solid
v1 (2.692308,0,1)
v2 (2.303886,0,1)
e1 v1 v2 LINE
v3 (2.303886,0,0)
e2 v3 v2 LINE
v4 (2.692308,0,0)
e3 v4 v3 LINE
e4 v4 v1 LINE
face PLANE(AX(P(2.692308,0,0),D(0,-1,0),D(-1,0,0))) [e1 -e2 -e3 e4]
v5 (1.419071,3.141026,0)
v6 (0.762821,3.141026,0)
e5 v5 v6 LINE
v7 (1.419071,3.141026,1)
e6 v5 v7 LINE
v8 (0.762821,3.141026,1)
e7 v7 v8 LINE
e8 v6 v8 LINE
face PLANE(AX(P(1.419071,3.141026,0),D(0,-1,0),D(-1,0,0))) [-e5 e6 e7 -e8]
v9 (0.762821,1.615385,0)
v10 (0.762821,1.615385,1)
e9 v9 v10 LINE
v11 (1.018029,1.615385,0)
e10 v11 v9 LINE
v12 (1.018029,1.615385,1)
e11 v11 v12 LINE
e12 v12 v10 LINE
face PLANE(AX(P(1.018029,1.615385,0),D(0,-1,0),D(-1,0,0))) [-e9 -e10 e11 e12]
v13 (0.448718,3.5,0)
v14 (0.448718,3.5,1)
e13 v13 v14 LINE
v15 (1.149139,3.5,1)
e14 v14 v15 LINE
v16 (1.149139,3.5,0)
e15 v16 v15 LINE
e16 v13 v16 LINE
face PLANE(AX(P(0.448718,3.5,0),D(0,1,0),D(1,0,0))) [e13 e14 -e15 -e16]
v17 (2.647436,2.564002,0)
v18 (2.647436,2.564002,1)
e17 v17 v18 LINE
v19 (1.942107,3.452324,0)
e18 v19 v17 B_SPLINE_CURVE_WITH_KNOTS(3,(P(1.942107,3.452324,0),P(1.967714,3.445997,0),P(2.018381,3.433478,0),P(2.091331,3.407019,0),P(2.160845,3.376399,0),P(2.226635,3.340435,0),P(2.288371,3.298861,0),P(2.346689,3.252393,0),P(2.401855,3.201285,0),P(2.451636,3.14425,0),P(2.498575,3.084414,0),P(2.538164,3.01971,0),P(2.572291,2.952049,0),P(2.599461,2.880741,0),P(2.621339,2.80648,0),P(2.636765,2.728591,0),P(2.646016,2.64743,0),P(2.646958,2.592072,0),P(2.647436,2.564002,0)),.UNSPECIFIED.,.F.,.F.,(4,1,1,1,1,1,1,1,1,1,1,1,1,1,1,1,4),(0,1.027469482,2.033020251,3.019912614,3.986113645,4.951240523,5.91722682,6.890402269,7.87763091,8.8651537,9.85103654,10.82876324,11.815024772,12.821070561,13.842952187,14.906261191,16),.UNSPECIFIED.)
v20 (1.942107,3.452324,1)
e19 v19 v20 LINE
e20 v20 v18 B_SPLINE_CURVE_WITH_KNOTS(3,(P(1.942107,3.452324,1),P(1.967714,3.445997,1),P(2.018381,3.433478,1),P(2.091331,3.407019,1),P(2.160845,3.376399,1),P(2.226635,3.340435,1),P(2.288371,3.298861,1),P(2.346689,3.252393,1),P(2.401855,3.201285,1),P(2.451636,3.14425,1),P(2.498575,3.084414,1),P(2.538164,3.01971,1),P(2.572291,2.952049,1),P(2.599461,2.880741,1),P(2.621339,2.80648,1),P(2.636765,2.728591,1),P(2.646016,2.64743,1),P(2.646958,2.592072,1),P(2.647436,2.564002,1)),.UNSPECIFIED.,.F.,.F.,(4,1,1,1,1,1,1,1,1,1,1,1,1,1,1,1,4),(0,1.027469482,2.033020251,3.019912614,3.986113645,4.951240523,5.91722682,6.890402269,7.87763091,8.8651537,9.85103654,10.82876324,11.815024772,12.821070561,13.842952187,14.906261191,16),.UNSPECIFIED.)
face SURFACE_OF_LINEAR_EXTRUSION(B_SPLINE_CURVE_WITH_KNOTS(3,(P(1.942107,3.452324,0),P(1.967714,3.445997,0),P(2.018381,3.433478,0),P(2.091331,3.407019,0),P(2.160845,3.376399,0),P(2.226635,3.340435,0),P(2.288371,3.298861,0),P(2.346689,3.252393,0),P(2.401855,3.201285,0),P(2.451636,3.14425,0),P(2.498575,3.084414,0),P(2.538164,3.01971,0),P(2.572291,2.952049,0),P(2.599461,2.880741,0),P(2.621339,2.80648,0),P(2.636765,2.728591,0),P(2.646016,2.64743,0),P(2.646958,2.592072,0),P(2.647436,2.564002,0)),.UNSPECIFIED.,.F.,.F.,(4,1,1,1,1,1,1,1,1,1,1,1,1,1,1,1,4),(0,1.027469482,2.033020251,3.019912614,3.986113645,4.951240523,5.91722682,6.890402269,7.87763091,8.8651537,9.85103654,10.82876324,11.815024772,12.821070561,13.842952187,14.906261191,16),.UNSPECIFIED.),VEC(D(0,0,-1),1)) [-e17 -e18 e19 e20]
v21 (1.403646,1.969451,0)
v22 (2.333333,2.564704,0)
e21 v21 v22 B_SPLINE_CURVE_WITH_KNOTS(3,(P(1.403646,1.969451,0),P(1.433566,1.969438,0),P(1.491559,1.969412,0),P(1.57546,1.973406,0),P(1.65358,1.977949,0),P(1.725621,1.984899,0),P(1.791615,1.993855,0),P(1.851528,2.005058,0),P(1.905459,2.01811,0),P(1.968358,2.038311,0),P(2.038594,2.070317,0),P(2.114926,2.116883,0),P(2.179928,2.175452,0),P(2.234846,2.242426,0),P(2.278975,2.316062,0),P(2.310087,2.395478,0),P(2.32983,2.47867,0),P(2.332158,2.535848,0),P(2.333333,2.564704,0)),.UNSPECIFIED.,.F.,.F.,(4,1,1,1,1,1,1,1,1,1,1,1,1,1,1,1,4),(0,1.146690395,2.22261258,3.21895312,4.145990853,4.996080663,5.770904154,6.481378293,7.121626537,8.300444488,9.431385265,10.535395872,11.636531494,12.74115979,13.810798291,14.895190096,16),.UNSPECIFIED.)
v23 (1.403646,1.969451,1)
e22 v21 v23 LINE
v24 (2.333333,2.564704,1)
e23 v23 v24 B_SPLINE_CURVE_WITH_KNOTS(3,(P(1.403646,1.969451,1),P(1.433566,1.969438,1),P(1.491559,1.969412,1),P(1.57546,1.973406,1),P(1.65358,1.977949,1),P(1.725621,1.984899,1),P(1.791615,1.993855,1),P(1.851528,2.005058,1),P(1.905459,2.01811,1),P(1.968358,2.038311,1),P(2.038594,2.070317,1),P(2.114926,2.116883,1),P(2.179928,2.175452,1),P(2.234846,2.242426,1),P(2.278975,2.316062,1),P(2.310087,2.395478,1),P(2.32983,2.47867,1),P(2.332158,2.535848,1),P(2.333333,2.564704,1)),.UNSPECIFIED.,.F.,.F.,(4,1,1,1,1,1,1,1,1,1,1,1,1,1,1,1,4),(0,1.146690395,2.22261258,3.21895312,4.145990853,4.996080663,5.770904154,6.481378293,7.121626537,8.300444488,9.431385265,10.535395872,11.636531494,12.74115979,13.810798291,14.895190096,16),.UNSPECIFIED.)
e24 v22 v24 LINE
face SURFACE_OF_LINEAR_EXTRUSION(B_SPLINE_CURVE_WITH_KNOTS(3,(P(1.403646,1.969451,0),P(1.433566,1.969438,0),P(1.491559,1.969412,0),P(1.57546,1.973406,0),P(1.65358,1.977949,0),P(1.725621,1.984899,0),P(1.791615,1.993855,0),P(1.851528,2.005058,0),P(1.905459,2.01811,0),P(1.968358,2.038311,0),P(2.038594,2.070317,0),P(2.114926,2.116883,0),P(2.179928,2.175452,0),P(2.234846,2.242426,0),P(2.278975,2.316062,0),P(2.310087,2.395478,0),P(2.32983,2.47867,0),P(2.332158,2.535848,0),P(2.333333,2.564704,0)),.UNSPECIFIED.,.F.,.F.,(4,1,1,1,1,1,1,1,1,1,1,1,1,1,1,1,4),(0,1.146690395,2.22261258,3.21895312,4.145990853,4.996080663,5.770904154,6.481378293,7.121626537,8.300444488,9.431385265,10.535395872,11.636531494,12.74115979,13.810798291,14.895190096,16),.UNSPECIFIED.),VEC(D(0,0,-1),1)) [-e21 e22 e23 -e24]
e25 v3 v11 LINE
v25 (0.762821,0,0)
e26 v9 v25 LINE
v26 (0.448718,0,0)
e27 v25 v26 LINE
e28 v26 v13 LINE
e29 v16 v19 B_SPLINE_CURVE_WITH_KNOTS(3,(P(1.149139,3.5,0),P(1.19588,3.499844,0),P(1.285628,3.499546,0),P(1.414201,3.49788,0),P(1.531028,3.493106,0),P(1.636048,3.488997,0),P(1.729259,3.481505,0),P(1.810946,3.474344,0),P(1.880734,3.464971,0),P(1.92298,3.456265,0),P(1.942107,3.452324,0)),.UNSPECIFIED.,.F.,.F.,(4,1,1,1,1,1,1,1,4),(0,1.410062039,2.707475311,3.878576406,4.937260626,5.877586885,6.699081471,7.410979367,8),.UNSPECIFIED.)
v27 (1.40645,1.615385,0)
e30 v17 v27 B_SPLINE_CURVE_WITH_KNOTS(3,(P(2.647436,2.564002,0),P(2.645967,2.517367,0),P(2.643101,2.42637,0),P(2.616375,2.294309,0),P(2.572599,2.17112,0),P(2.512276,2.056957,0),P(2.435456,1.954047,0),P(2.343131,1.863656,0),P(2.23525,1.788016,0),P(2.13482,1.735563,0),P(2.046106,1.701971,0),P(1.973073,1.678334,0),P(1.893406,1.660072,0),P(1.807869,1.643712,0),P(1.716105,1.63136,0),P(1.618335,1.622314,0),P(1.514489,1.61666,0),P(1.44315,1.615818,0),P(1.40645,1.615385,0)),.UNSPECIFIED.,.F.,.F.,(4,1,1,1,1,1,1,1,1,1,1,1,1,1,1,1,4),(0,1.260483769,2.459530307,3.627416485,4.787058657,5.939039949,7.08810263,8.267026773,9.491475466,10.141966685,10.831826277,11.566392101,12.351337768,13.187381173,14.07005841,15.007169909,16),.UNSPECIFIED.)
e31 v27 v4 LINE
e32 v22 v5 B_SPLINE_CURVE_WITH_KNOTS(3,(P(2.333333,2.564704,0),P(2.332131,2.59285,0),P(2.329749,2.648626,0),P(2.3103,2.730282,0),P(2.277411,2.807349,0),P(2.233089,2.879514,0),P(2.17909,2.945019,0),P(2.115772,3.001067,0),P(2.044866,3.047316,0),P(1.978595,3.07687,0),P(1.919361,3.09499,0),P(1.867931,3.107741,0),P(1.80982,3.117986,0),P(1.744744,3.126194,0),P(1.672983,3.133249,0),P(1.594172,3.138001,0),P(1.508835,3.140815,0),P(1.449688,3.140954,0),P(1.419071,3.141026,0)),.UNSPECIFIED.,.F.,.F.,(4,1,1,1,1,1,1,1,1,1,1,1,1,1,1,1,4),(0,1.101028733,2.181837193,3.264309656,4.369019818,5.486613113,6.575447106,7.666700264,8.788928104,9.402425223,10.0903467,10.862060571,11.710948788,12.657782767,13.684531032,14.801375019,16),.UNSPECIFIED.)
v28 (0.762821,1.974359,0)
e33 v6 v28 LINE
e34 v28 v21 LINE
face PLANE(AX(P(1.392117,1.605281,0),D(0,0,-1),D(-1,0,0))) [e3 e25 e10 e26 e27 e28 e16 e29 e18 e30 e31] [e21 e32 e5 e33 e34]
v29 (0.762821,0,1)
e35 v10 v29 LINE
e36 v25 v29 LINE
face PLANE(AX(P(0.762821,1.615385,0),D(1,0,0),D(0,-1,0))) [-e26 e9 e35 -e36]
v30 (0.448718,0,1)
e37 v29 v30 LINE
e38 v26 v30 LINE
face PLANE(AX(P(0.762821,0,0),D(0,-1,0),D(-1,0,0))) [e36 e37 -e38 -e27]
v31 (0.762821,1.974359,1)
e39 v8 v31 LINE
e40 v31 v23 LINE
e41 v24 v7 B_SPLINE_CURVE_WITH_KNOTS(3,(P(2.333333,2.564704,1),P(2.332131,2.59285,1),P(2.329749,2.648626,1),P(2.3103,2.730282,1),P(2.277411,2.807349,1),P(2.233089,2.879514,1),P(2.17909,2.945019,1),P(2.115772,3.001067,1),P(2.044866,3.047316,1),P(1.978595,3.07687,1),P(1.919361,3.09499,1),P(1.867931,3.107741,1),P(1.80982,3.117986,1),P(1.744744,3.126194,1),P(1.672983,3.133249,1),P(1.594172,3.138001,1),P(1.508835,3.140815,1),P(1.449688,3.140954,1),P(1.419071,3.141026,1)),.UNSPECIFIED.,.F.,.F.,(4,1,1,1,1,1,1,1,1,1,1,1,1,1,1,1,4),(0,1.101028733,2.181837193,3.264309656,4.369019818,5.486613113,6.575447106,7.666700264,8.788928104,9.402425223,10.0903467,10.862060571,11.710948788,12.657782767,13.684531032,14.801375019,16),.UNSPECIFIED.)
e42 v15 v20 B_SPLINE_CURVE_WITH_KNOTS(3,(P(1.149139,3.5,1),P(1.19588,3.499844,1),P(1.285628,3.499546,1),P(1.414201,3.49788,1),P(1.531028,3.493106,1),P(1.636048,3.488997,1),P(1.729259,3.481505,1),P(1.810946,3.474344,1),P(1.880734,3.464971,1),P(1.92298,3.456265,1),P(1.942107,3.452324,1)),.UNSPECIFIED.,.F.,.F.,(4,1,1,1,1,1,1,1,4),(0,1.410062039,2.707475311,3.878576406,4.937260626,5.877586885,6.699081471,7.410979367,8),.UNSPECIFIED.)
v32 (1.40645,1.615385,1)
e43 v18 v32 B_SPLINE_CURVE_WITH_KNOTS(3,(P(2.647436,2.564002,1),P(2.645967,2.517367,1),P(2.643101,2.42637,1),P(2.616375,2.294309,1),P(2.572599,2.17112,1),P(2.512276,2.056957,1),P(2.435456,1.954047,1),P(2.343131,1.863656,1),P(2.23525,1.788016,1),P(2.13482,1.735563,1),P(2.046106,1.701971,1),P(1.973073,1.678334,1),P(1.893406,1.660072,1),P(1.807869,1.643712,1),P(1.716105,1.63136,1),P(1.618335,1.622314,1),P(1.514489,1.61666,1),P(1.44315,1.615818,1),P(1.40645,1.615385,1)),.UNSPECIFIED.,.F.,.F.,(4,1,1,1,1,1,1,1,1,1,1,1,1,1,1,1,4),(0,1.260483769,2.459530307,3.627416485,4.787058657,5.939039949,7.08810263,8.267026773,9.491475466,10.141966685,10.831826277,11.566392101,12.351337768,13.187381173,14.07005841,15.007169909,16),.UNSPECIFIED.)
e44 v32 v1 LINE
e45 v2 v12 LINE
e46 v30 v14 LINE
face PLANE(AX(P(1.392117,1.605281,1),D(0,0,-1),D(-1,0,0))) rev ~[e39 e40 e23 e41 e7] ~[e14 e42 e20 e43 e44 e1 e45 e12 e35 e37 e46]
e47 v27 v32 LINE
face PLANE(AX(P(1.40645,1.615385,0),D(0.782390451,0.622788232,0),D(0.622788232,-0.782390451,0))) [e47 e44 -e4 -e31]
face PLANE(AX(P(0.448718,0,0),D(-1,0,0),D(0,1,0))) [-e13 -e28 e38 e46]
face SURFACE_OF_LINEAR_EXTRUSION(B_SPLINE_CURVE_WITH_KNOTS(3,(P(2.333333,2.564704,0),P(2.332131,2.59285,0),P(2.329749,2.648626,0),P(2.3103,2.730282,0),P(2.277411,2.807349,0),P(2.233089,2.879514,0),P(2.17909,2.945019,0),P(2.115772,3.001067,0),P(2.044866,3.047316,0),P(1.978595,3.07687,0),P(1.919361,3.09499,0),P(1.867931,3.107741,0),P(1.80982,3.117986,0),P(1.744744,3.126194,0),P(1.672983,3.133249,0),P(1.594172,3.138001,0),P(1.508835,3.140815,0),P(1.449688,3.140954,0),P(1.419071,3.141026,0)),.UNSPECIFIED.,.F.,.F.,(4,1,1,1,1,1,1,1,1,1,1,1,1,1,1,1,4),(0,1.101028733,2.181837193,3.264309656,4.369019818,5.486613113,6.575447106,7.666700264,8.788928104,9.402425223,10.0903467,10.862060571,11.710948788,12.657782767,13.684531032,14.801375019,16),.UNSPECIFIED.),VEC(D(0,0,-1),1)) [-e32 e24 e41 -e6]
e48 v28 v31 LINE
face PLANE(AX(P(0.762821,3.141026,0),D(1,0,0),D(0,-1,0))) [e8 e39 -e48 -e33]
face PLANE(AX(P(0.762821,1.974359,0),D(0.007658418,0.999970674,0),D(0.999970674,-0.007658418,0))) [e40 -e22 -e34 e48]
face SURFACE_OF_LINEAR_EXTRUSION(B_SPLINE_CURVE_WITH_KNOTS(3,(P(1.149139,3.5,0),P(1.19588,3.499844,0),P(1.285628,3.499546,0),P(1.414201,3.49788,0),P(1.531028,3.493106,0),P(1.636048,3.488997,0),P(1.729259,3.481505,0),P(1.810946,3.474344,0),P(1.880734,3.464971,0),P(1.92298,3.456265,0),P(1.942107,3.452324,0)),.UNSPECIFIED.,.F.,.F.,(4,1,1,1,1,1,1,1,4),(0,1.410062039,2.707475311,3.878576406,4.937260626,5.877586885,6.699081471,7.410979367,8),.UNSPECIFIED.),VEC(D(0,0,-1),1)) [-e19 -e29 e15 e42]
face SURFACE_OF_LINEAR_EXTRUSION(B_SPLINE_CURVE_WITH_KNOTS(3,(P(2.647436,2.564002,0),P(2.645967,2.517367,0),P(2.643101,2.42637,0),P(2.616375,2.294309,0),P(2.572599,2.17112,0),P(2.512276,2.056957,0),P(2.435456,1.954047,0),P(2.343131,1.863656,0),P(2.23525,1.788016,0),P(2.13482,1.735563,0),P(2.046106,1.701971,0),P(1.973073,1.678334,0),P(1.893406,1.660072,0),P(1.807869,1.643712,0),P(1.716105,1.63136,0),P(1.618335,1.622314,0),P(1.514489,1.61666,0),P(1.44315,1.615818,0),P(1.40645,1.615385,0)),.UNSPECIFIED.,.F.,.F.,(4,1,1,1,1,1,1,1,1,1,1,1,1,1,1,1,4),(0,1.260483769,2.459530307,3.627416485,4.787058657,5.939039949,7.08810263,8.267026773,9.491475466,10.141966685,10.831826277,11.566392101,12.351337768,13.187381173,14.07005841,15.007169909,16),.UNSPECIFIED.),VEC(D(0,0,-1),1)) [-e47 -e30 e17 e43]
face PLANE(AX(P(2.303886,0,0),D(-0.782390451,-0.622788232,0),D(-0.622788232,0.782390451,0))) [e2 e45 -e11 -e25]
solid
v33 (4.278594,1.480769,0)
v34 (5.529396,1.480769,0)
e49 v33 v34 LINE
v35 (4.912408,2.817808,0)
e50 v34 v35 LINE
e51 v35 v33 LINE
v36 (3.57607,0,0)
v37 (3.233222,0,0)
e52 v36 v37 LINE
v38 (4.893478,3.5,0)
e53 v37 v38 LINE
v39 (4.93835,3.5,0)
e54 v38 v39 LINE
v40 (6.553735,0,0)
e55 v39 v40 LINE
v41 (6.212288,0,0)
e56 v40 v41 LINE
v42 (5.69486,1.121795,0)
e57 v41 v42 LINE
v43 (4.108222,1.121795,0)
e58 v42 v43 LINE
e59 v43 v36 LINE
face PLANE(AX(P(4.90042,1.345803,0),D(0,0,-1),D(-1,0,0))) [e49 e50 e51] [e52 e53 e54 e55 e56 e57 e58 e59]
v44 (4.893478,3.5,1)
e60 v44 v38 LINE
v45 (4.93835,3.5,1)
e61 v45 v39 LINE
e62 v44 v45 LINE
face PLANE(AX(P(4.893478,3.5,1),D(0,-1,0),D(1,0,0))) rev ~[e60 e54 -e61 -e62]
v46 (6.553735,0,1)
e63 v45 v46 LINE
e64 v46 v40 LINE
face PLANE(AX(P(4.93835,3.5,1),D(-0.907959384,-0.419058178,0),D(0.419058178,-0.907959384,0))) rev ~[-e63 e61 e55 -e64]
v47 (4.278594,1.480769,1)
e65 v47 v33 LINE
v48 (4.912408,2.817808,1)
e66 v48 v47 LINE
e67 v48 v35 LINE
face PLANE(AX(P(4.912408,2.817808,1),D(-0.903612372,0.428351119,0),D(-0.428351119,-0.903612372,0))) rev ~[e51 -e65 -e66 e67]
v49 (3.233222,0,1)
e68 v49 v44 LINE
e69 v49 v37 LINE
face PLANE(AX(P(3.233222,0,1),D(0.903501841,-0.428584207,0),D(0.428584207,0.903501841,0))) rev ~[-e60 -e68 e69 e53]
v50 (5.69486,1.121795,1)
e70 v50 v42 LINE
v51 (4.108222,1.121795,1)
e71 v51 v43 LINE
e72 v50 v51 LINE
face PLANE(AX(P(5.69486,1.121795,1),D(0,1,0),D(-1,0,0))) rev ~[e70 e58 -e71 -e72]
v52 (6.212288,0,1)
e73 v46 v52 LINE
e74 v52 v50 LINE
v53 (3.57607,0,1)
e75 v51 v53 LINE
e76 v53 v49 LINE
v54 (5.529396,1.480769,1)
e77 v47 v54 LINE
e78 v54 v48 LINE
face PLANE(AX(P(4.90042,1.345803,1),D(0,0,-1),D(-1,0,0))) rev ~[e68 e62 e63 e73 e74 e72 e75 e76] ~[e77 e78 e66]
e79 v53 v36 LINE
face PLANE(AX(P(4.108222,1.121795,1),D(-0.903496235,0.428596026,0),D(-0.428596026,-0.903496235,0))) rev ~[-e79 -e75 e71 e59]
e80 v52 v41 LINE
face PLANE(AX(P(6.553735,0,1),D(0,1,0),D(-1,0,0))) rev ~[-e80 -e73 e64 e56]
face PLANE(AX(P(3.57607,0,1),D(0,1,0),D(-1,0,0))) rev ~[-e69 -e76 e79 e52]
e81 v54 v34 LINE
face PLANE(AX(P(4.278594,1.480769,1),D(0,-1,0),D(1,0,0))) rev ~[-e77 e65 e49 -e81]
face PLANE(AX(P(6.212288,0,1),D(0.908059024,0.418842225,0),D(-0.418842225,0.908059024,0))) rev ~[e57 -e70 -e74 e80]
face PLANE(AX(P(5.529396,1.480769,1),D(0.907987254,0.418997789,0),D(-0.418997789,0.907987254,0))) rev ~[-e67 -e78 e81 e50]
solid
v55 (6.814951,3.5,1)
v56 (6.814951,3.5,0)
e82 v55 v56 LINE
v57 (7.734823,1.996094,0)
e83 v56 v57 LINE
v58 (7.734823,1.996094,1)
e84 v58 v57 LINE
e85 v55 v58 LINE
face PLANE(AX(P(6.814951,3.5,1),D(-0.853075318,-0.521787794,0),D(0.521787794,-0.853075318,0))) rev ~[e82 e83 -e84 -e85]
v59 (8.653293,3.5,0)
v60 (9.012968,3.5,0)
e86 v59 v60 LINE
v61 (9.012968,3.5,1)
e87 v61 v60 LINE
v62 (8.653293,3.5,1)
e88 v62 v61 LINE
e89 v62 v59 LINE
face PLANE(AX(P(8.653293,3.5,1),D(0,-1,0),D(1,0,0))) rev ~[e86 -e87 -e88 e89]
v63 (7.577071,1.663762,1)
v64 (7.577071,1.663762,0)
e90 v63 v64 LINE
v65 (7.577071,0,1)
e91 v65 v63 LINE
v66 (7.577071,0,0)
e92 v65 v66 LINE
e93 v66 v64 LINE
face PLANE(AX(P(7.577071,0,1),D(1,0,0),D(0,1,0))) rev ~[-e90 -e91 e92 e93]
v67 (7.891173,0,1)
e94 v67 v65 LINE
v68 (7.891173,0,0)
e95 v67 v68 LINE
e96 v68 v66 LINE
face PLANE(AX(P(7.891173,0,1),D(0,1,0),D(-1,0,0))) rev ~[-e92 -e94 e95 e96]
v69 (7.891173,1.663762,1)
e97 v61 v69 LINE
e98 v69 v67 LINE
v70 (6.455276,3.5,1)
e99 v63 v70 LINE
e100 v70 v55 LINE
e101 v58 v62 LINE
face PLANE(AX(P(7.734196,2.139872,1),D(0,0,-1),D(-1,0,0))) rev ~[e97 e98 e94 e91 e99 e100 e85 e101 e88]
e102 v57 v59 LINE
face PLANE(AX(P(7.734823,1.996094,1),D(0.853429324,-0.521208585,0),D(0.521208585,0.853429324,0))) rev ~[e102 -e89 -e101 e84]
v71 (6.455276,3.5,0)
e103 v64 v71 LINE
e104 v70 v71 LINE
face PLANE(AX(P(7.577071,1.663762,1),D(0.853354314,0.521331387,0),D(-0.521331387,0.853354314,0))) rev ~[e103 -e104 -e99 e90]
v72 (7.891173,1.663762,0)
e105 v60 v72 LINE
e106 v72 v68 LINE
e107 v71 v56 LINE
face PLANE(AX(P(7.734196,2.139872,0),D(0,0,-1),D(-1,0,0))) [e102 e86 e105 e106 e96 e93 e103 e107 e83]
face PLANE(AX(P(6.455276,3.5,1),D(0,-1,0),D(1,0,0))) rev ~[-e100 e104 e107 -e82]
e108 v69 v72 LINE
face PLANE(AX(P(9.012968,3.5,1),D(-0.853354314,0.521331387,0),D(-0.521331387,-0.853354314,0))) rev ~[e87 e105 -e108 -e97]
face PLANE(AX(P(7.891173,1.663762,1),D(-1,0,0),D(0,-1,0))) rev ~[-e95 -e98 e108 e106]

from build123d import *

# Parameters (mm, degrees)
BOSS_EXTRUDE1_DEPTH   = 1
BOSS_EXTRUDE2_DEPTH   = 1
BOSS_EXTRUDE2_2_DEPTH = 1


with BuildPart() as part:
    # Sketch1 → Boss-Extrude1 (new body)
    with BuildSketch(Plane.XY):
        with BuildLine():
            Line((0.448717949, 3.5), (1.149138622, 3.5))
            add(Edge.make_bspline(
                [(1.149138622, 3.5), (1.19587975, 3.499844414), (1.285627895, 3.499545672), (1.414201165, 3.497879909), (1.531028262, 3.493105553), (1.636048101, 3.48899697), (1.729258756, 3.481505028), (1.810946047, 3.474344381), (1.880733745, 3.46497072), (1.922979596, 3.456265297), (1.942107372, 3.452323718)],
                knots=[0, 0, 0, 0, 1.410062039, 2.707475311, 3.878576406, 4.937260626, 5.877586885, 6.699081471, 7.410979367, 8, 8, 8, 8], degree=3))
            add(Edge.make_bspline(
                [(1.942107372, 3.452323718), (1.967713996, 3.445996953), (2.018380985, 3.433478389), (2.091331051, 3.407018788), (2.160845375, 3.376399163), (2.2266352, 3.340435443), (2.288370991, 3.298860663), (2.346689302, 3.252392541), (2.401854765, 3.201285335), (2.451636395, 3.144250494), (2.498575447, 3.084413984), (2.538164073, 3.019710227), (2.572290553, 2.9520487), (2.59946107, 2.880741282), (2.621339044, 2.80647951), (2.636765283, 2.728590713), (2.646016471, 2.647429738), (2.646958326, 2.59207183), (2.647435897, 2.564002404)],
                knots=[0, 0, 0, 0, 1.027469482, 2.033020251, 3.019912614, 3.986113645, 4.951240523, 5.91722682, 6.890402269, 7.87763091, 8.8651537, 9.85103654, 10.82876324, 11.815024772, 12.821070561, 13.842952187, 14.906261191, 16, 16, 16, 16], degree=3))
            add(Edge.make_bspline(
                [(2.647435897, 2.564002404), (2.645966899, 2.517367299), (2.643100504, 2.426370131), (2.6163754, 2.29430925), (2.57259888, 2.171119935), (2.512275591, 2.056957297), (2.435456115, 1.954046652), (2.343131324, 1.863656197), (2.235249713, 1.788016284), (2.134820397, 1.735563479), (2.046106197, 1.701970571), (1.973072884, 1.678334212), (1.893405907, 1.660072247), (1.807868572, 1.643712115), (1.716104917, 1.63136042), (1.618334877, 1.622313826), (1.514488726, 1.616659777), (1.443149656, 1.615817772), (1.406450321, 1.615384615)],
                knots=[0, 0, 0, 0, 1.260483769, 2.459530307, 3.627416485, 4.787058657, 5.939039949, 7.08810263, 8.267026773, 9.491475466, 10.141966685, 10.831826277, 11.566392101, 12.351337768, 13.187381173, 14.07005841, 15.007169909, 16, 16, 16, 16], degree=3))
            Line((1.406450321, 1.615384615), (2.692307692, 0))
            Line((2.692307692, 0), (2.303886218, 0))
            Line((2.303886218, 0), (1.018028846, 1.615384615))
            Line((1.018028846, 1.615384615), (0.762820513, 1.615384615))
            Line((0.762820513, 1.615384615), (0.762820513, 0))
            Line((0.762820513, 0), (0.448717949, 0))
            Line((0.448717949, 0), (0.448717949, 3.5))
        make_face()
        with BuildLine():
            Line((0.762820513, 3.141025641), (0.762820513, 1.974358974))
            Line((0.762820513, 1.974358974), (1.403645833, 1.969451122))
            add(Edge.make_bspline(
                [(1.403645833, 1.969451122), (1.433565872, 1.969437885), (1.491559429, 1.969412229), (1.575460094, 1.973406005), (1.653580206, 1.977949323), (1.725620958, 1.984898669), (1.791614533, 1.99385474), (1.851527947, 2.005057725), (1.905458998, 2.018109787), (1.968357537, 2.038311413), (2.038594068, 2.070317431), (2.114925528, 2.11688293), (2.179927866, 2.175452049), (2.234845728, 2.242425505), (2.27897516, 2.316061754), (2.310087214, 2.395478123), (2.329829656, 2.478669721), (2.332158202, 2.535847829), (2.333333333, 2.564703526)],
                knots=[0, 0, 0, 0, 1.146690395, 2.22261258, 3.21895312, 4.145990853, 4.996080663, 5.770904154, 6.481378293, 7.121626537, 8.300444488, 9.431385265, 10.535395872, 11.636531494, 12.74115979, 13.810798291, 14.895190096, 16, 16, 16, 16], degree=3))
            add(Edge.make_bspline(
                [(2.333333333, 2.564703526), (2.332131212, 2.592850099), (2.329749047, 2.648626338), (2.310300278, 2.730282248), (2.277410897, 2.807349198), (2.233088659, 2.879513683), (2.179089504, 2.945019419), (2.115771691, 3.001066572), (2.044866496, 3.047316037), (1.978595298, 3.076870418), (1.919361085, 3.094990271), (1.867931425, 3.107741435), (1.809819948, 3.117985904), (1.744744489, 3.126193964), (1.672982858, 3.133248909), (1.594172207, 3.138000687), (1.508835427, 3.140814551), (1.449688496, 3.14095364), (1.419070513, 3.141025641)],
                knots=[0, 0, 0, 0, 1.101028733, 2.181837193, 3.264309656, 4.369019818, 5.486613113, 6.575447106, 7.666700264, 8.788928104, 9.402425223, 10.0903467, 10.862060571, 11.710948788, 12.657782767, 13.684531032, 14.801375019, 16, 16, 16, 16], degree=3))
            Line((1.419070513, 3.141025641), (0.762820513, 3.141025641))
        make_face(mode=Mode.SUBTRACT)
    extrude(amount=BOSS_EXTRUDE1_DEPTH)


with BuildPart() as body_2:
    # Sketch2 → Boss-Extrude2 (new body)
    with BuildSketch(Plane.XY.offset(1)):
        Polygon((4.938349978, 3.5), (6.553734594, 0), (6.21228828, 0), (5.694860395, 1.121794872), (4.108221773, 1.121794872), (3.576070331, 0), (3.233221773, 0), (4.893478184, 3.5), align=None)
        Polygon((4.912408472, 2.817808494), (4.278594369, 1.480769231), (5.529395651, 1.480769231), align=None, mode=Mode.SUBTRACT)
    extrude(amount=-BOSS_EXTRUDE2_DEPTH)


with BuildPart() as body_3:
    # Sketch2 → Boss-Extrude2 2 (new body)
    with BuildSketch(Plane.XY.offset(1)):
        Polygon((6.455275722, 3.5), (6.814951202, 3.5), (7.734822997, 1.99609375), (8.653292549, 3.5), (9.012968029, 3.5), (7.891173158, 1.663762019), (7.891173158, 0), (7.577070593, 0), (7.577070593, 1.663762019), align=None)
    extrude(amount=-BOSS_EXTRUDE2_2_DEPTH)


solid = Compound([part.part, body_2.part, body_3.part])
